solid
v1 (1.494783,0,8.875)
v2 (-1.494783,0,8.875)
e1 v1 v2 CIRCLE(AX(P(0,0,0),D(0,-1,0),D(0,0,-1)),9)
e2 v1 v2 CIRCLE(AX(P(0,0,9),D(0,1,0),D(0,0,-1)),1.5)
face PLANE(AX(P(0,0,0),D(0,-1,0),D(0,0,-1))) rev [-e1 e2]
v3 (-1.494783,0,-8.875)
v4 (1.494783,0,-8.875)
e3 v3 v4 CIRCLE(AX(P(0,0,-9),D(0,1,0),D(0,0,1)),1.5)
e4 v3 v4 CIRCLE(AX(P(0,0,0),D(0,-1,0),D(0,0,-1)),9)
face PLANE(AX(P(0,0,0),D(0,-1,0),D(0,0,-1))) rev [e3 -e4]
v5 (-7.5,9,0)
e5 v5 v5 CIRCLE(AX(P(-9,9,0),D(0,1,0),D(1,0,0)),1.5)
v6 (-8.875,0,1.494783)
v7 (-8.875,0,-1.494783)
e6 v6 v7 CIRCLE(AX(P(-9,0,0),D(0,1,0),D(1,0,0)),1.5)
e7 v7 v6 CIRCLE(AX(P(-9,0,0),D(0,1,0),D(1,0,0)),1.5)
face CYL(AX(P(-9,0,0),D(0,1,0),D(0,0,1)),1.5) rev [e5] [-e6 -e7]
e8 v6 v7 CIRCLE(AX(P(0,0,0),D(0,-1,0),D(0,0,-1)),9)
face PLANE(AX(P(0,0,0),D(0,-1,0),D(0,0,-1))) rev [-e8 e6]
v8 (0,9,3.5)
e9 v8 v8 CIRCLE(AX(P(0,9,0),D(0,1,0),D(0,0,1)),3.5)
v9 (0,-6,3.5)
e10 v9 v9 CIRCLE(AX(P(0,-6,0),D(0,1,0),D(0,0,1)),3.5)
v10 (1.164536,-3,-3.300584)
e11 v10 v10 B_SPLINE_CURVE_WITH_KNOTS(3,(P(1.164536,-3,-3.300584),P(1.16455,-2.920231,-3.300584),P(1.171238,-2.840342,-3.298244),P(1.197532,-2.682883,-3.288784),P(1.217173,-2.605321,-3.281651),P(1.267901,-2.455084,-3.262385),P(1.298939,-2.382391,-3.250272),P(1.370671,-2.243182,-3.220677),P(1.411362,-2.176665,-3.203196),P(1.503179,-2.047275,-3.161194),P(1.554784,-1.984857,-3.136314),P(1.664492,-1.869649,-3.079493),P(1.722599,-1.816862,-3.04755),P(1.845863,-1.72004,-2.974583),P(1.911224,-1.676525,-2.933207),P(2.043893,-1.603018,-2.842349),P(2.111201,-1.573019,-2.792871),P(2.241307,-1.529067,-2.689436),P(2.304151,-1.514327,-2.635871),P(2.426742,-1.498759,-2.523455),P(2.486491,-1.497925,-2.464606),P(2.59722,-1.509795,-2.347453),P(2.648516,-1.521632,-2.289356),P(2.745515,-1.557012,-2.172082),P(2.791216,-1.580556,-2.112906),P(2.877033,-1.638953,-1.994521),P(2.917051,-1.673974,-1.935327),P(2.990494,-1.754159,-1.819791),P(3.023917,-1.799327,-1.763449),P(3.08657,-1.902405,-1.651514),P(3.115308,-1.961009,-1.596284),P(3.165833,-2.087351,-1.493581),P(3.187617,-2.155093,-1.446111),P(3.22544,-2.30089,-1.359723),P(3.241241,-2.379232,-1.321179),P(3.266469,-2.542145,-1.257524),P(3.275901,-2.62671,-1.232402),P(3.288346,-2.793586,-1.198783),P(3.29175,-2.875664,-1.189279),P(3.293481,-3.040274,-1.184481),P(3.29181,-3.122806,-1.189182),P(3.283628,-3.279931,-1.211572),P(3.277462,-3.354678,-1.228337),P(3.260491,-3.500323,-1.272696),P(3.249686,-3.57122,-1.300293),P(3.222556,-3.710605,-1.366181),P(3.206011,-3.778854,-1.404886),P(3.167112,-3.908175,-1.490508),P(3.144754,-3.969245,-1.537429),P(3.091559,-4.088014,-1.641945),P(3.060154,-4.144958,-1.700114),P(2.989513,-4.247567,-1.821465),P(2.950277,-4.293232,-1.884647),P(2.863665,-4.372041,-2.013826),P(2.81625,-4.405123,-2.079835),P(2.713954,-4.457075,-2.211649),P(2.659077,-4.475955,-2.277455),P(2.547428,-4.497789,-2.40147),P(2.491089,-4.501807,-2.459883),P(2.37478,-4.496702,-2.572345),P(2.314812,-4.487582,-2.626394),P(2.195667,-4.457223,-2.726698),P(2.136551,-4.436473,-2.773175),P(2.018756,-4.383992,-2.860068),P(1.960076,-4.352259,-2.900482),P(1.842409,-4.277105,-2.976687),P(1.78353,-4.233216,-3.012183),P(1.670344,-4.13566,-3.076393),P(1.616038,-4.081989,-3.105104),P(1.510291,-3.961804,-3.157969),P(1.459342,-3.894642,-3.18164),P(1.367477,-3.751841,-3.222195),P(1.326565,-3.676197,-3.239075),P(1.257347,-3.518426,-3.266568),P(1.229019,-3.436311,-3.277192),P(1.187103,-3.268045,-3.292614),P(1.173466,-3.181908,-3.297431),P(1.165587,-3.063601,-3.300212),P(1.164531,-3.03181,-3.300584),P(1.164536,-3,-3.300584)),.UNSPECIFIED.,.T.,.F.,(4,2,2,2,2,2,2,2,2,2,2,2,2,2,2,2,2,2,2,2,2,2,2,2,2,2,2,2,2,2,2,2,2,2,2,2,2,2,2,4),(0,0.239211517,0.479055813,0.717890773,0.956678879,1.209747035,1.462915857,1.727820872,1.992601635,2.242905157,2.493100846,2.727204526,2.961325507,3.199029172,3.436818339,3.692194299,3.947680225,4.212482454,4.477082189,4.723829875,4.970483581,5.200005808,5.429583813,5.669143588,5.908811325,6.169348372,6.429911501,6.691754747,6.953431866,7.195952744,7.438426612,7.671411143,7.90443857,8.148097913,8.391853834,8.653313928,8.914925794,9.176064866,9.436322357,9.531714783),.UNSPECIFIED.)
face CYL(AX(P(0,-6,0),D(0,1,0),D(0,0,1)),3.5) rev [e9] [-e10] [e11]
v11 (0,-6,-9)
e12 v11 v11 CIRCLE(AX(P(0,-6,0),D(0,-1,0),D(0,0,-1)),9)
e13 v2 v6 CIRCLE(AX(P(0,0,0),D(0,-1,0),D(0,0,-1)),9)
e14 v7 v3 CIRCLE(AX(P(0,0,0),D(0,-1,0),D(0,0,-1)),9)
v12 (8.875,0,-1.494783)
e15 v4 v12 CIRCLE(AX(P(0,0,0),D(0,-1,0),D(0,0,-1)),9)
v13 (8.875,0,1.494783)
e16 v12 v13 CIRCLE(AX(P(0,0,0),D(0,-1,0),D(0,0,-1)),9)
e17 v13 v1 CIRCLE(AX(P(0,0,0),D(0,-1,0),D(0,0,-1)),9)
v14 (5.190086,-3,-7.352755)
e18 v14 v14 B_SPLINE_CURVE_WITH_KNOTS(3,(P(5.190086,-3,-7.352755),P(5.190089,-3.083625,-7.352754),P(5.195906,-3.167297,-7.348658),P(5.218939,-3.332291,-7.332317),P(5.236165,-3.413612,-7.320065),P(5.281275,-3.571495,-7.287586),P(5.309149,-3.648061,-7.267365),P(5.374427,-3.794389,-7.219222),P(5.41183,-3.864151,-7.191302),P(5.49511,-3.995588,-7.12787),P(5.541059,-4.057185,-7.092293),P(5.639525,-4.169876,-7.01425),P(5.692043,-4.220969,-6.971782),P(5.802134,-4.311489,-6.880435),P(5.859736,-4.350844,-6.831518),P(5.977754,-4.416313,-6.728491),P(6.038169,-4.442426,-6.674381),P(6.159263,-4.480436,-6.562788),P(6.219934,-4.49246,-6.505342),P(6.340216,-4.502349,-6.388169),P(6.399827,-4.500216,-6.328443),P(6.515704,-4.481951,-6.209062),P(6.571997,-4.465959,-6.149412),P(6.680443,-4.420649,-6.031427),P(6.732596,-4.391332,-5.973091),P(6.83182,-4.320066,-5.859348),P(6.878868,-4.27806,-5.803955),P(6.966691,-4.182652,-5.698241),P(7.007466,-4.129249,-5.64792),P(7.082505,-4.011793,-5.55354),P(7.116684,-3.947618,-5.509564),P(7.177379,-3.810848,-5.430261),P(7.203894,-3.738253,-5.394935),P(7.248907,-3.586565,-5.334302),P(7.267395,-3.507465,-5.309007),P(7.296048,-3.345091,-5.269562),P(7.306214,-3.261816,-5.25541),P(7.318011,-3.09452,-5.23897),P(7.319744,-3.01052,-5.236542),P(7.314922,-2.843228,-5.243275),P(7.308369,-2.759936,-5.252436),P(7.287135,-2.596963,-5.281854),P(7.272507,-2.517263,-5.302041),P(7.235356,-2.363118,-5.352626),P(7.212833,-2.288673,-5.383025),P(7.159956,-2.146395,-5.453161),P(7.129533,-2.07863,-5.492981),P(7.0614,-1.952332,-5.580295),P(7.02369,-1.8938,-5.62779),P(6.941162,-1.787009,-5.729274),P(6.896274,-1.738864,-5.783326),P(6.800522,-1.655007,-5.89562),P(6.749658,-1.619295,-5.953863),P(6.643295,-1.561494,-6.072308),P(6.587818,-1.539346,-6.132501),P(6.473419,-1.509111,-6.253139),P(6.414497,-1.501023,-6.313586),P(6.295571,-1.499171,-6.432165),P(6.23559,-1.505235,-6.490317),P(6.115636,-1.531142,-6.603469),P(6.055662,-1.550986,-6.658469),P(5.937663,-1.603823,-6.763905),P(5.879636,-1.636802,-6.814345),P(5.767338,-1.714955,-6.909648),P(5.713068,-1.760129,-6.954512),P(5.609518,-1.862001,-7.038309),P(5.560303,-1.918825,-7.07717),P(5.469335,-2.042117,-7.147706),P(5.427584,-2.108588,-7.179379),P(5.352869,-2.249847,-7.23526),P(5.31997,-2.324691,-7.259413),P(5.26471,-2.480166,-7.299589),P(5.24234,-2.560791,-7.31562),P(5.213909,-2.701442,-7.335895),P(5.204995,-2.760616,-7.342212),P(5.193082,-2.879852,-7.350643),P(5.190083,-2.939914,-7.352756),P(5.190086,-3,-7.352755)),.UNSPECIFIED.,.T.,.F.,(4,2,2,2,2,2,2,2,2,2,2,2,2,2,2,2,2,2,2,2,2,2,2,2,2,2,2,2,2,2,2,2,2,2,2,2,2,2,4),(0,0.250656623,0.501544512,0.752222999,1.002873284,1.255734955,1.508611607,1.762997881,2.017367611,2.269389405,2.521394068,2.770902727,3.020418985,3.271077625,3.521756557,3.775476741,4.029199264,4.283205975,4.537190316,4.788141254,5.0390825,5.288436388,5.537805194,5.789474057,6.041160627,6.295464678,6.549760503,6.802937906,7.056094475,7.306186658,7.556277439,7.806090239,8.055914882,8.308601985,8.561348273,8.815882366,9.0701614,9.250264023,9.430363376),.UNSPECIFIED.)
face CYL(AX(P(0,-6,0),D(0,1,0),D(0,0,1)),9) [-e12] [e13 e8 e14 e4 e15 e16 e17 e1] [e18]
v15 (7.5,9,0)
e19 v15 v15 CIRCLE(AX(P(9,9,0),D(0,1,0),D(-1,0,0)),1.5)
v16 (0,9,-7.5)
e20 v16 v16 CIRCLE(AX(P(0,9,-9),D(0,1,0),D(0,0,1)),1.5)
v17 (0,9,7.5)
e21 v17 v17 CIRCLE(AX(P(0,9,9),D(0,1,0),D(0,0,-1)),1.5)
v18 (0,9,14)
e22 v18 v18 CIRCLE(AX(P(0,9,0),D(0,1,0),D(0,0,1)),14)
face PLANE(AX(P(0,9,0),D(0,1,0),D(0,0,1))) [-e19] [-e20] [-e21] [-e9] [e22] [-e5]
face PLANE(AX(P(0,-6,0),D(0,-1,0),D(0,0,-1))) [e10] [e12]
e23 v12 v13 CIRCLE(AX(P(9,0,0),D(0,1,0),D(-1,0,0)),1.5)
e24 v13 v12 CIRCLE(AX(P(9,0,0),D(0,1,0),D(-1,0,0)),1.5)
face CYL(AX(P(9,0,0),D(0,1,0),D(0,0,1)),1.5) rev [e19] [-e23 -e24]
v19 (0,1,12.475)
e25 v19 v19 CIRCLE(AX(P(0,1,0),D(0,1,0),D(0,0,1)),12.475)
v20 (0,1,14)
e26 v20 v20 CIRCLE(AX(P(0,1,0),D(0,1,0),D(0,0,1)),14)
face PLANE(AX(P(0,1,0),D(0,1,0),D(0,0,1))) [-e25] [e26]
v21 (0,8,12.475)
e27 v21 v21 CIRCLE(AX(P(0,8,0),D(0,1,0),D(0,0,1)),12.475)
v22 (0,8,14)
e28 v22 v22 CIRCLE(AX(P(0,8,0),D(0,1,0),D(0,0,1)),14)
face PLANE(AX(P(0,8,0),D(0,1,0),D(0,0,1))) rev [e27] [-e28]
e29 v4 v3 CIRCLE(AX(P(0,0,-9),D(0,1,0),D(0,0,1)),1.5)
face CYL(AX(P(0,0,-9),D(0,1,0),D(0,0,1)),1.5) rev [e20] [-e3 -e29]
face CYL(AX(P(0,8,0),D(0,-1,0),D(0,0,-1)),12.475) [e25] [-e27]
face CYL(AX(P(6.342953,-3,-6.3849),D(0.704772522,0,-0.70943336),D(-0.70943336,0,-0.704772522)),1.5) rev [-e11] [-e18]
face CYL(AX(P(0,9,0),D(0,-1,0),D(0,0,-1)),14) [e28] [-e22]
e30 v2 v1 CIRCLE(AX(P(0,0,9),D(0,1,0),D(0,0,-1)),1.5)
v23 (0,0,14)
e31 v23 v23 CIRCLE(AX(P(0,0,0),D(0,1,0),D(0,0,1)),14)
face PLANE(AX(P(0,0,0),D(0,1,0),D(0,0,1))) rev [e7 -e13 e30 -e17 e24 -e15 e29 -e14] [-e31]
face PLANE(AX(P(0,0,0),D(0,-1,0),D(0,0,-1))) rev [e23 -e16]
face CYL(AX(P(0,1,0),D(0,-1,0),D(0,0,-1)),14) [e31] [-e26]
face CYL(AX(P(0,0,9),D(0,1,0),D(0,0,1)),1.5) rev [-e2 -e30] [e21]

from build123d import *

# Parameters (mm, degrees)
SKETCH1_R                     = 14
BOSS_EXTRUDE1_DEPTH           = 1
SKETCH2_R                     = 12.475
BOSS_EXTRUDE2_DEPTH           = 7
SKETCH3_R                     = 14
BOSS_EXTRUDE3_DEPTH           = 1
SKETCH5_R                     = 1.5
CUT_EXTRUDE2_DEPTH            = 22.748563171
CIRPATTERN1_COUNT             = 4
SKETCH6_R                     = 9
BOSS_EXTRUDE4_DEPTH           = 6
SKETCH4_R                     = 3.5
CUT_EXTRUDE1_DEPTH            = 25.839484697
F_3_0_3_DIAMETER_HOLE1_REACH  = 33.199
F_3_0_3_DIAMETER_HOLE1_BORE_R = 1.5


with BuildPart() as part:
    # Sketch1 → Boss-Extrude1 (new body)
    with BuildSketch(Plane(origin=(0, 0, 0), x_dir=(1, 0, 0), z_dir=(0, 1, 0))):
        with Locations(Location((0, 0, 0), (0, 0, 270))):
            Circle(SKETCH1_R)
    extrude(amount=BOSS_EXTRUDE1_DEPTH)

    # Sketch2 → Boss-Extrude2 (add)
    with BuildSketch(Plane(origin=(0, 1, 0), x_dir=(1, 0, 0), z_dir=(0, 1, 0))):
        with Locations(Location((0, 0, 0), (0, 0, 270))):
            Circle(SKETCH2_R)
    extrude(amount=BOSS_EXTRUDE2_DEPTH)

    # Sketch3 → Boss-Extrude3 (add)
    with BuildSketch(Plane(origin=(0, 8, 0), x_dir=(1, 0, 0), z_dir=(0, 1, 0))):
        with Locations(Location((0, 0, 0), (0, 0, 270))):
            Circle(SKETCH3_R)
    extrude(amount=BOSS_EXTRUDE3_DEPTH)

    # Sketch5 → Cut-Extrude2 (cut, through all)
    with BuildSketch(Plane(origin=(0, 9, 0), x_dir=(1, 0, 0), z_dir=(0, 1, 0))):
        with Locations(Location((0, 9, 0), (0, 0, 270))):
            Circle(SKETCH5_R)
    cut_extrude2 = extrude(amount=-CUT_EXTRUDE2_DEPTH, mode=Mode.SUBTRACT)

    # CirPattern1: Cut-Extrude2 ×4 about axis
    cirpattern1_axis = Axis((0, 0, 0), (0, 1, 0))
    for i in range(1, CIRPATTERN1_COUNT):
        add(cut_extrude2.rotate(cirpattern1_axis, i * 360 / CIRPATTERN1_COUNT), mode=Mode.SUBTRACT)

    # Sketch6 → Boss-Extrude4 (add)
    with BuildSketch(Plane.XZ):
        with Locations(Location((0, 0, 0), (0, 0, 80.439616306))):
            Circle(SKETCH6_R)
    extrude(amount=BOSS_EXTRUDE4_DEPTH)

    # Sketch4 → Cut-Extrude1 (cut, through all)
    with BuildSketch(Plane(origin=(0, 9, 0), x_dir=(1, 0, 0), z_dir=(0, 1, 0))):
        with Locations(Location((0, 0, 0), (0, 0, 270))):
            Circle(SKETCH4_R)
    extrude(amount=-CUT_EXTRUDE1_DEPTH, mode=Mode.SUBTRACT)

    # Ø3.0 (3) Diameter Hole1 bore (on position points) → Ø3.0 (3) Diameter Hole1 (cut, up to next)
    with BuildSketch(Plane(origin=(6.342952696, -3, -6.384900242), x_dir=(-0.709433360177, 0, -0.704772521789), z_dir=(0.704772521789, 0, -0.709433360177)), mode=Mode.PRIVATE) as f_3_0_3_diameter_hole1_sk1:
        Circle(F_3_0_3_DIAMETER_HOLE1_BORE_R)
    f_3_0_3_diameter_hole1_tool1 = extrude(f_3_0_3_diameter_hole1_sk1.sketch, amount=-F_3_0_3_DIAMETER_HOLE1_REACH, mode=Mode.PRIVATE) & part.part
    add(f_3_0_3_diameter_hole1_tool1.solids().sort_by_distance((6.342953, -3, -6.3849))[0], mode=Mode.SUBTRACT)


solid = part.part
